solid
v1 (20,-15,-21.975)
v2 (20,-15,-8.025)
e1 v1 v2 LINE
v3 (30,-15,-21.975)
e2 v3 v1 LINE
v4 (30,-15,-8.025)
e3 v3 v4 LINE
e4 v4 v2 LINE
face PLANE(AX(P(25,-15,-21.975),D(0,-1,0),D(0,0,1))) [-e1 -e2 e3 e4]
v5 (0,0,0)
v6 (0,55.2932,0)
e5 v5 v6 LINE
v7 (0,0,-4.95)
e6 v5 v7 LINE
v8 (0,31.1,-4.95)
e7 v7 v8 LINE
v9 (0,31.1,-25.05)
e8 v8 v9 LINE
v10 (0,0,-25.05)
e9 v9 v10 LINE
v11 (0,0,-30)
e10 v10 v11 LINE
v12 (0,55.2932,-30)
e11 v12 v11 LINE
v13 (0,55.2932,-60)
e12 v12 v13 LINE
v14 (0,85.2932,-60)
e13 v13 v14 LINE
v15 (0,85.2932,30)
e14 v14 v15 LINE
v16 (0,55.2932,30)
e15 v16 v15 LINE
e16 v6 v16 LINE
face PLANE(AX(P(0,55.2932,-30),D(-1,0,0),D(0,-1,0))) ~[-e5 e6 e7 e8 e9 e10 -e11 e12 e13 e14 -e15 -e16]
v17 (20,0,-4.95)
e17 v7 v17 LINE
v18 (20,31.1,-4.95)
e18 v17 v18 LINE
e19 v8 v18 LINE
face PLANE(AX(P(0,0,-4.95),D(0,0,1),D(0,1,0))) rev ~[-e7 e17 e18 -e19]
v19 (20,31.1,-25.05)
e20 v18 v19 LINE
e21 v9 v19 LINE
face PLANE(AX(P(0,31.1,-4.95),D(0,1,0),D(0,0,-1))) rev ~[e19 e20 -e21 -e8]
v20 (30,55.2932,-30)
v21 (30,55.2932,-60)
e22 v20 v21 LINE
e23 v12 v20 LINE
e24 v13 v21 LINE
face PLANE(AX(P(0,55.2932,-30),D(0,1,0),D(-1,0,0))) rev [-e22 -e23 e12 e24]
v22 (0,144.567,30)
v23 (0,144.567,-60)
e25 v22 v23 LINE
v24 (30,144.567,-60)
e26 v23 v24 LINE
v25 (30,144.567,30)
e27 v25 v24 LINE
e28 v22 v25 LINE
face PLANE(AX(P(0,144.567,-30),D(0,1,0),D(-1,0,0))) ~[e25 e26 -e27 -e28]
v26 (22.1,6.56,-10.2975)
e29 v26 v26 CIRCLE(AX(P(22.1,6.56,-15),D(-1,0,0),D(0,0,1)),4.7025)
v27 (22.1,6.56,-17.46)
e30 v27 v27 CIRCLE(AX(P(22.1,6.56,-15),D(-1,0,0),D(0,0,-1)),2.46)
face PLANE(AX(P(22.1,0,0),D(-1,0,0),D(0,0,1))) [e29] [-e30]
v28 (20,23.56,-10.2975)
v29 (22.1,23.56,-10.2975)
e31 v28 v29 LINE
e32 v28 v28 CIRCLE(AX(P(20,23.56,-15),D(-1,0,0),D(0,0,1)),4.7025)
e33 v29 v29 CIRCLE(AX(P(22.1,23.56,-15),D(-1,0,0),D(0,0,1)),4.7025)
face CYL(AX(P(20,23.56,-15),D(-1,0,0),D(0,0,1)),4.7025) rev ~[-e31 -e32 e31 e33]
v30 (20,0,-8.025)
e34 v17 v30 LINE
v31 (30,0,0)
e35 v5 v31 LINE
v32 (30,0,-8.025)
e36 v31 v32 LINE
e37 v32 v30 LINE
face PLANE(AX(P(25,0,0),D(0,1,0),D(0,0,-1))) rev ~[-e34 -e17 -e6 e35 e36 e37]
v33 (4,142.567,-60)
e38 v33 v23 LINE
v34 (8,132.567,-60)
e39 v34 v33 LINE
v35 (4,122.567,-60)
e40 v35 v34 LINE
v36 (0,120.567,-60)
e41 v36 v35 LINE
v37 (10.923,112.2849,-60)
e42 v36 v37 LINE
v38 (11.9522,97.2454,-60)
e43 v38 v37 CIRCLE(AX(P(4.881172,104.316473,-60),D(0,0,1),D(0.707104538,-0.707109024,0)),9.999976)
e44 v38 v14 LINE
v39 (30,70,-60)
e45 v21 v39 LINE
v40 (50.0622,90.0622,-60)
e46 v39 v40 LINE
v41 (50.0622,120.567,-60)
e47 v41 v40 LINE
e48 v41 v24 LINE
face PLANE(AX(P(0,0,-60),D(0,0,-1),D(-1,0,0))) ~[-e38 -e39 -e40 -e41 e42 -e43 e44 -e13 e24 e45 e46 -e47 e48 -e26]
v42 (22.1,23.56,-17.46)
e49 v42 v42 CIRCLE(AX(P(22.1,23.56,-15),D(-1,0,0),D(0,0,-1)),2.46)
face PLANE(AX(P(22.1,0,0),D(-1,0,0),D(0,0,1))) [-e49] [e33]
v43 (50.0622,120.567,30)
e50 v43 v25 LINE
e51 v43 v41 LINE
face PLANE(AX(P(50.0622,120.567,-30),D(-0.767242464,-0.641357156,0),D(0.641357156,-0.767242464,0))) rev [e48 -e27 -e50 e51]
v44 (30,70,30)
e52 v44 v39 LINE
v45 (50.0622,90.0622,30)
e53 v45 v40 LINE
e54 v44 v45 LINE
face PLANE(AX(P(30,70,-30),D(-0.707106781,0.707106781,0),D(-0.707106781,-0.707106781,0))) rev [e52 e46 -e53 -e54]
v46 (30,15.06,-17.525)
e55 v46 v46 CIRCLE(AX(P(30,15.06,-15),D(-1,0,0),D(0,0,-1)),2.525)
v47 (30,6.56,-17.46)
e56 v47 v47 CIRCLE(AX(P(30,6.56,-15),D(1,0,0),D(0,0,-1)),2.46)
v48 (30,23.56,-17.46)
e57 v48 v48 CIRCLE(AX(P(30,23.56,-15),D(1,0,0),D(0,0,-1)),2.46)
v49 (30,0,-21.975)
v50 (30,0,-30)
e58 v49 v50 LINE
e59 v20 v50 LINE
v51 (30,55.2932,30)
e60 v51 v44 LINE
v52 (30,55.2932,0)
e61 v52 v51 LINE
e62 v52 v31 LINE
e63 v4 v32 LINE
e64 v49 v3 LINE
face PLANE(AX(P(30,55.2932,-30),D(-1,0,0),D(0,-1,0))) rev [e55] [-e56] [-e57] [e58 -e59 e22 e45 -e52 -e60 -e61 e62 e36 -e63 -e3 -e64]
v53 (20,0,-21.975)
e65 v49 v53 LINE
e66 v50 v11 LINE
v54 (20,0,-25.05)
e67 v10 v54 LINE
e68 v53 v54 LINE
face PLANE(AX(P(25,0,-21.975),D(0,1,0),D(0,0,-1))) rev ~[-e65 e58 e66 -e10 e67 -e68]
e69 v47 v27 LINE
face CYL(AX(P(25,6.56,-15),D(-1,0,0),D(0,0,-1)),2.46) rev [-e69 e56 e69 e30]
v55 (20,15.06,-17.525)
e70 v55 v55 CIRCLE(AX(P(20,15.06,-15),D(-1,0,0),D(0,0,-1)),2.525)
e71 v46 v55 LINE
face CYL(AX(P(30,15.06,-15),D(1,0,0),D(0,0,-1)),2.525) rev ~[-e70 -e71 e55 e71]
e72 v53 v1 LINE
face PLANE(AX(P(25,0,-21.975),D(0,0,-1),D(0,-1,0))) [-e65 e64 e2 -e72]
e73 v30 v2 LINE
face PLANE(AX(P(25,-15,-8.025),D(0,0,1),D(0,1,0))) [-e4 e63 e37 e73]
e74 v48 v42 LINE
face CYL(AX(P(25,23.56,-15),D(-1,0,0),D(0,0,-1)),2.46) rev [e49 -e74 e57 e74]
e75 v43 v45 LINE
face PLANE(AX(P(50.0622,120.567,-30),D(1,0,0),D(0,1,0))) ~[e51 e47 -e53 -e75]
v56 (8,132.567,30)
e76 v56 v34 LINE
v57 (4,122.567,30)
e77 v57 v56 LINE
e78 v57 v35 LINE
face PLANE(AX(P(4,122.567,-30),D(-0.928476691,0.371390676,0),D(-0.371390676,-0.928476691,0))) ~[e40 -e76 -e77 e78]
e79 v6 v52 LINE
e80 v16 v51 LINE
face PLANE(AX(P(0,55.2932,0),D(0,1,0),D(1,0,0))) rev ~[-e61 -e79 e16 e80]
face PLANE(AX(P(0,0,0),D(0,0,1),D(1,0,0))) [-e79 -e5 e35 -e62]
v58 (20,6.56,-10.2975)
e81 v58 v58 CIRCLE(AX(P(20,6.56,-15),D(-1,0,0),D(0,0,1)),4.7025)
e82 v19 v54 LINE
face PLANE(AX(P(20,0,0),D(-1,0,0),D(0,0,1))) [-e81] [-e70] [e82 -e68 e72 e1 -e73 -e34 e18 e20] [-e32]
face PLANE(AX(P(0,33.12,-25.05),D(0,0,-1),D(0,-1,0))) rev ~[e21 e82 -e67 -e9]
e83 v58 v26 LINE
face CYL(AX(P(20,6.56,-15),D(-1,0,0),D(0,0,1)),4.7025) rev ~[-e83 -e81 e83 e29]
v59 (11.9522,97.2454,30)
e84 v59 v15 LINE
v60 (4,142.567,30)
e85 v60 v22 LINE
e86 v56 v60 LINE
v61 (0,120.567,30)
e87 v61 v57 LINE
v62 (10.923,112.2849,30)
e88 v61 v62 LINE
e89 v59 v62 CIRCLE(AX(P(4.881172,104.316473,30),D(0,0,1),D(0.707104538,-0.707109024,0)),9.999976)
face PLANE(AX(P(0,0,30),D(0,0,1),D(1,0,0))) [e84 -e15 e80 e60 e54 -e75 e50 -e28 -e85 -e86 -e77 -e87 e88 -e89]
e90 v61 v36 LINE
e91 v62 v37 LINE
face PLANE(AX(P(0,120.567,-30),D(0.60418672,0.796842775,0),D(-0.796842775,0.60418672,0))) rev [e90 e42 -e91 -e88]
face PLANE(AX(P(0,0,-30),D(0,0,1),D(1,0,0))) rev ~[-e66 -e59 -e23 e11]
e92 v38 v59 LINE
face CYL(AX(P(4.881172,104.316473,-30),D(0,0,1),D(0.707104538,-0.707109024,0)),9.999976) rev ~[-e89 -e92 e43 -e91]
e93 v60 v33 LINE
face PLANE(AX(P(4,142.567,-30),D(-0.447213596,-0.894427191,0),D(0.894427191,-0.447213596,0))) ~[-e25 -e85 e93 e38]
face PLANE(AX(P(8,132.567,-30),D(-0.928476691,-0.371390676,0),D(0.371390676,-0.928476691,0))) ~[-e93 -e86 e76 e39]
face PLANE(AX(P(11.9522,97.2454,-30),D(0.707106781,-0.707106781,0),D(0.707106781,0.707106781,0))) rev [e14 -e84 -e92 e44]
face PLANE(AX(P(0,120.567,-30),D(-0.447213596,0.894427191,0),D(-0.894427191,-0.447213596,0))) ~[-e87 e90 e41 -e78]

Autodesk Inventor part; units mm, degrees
ref_plane "YZ Plane" through (0, 0, 0) normal (1, 0, 0) x (0, 1, 0)
ref_plane "XZ Plane" through (0, 0, 0) normal (0, 1, 0) x (-1, 0, 0)
sketch "Sketch1" plane through (0, 0, 0) normal (0, 0, 1) x (1, 0, 0)
  line L0 (0, 0) -> (25, 0)
  line L1 (25, 0) -> (25, 40)
  line L2 (25, 40) -> (0, 40)
  line L3 (0, 40) -> (0, 0)
  dimension "d1" = 25
  dimension "d2" = 40
  dimension "d3" = 25
extrude "Extrusion1" add sketch "Sketch1" against normal blind 30
sketch "Sketch2" plane through (25, 0, 0) normal (1, 0, 0) x (0, 0, -1)
  line L0 (0, 0) -> (30, 0) projected
  circle A0 centre (15, 6.56) radius 2.46
extrude "Extrusion2" cut sketch "Sketch2" against normal blind 30
sketch "Sketch3" plane through (0, 0, 0) normal (-1, 0, 0) x (0, 0, 1)
  line L0 (0, 0) -> (-30, 0) projected
  line L1 (-25.05, 0) -> (-4.95, 0)
  line L2 (-4.95, 0) -> (-4.95, 33.12)
  line L3 (-4.95, 33.12) -> (-25.05, 33.12)
  line L4 (-25.05, 33.12) -> (-25.05, 0)
  dimension "d11" = 20.1
extrude "Extrusion3" cut sketch "Sketch3" against normal blind 20
sketch "Sketch4" plane through (0, 0, 0) normal (0, -1, 0) x (1, 0, 0)
  line L0 (20, -4.95) -> (20, -25.05) projected
  line L1 (20, -15) -> (25, -15)
  line L2 (25, 0) -> (25, -30) projected
  line L3 (20, -8.025) -> (25, -8.025)
  line L4 (25, -8.025) -> (25, -21.975)
  line L5 (25, -21.975) -> (20, -21.975)
  line L6 (20, -21.975) -> (20, -8.025)
  line L7 (20, -8.025) -> (25, -21.975) construction
  line L8 (25, -8.025) -> (20, -21.975) construction
  line L9 (25, -12.54) -> (25, -17.46) projected
  point P0 (0, 0)
  point P1 (22.5, -15)
  dimension "d14" = 13.95
extrude "Extrusion4" add sketch "Sketch4" along normal blind 15
sketch "Sketch5" plane through (20, 0, 0) normal (-1, 0, 0) x (0, 0, 1)
  circle A0 centre (-15, 6.56) radius 2.46 projected
  circle A1 centre (-15, 6.56) radius 4.7025
  circle A2 centre (-15, 6.56) radius 2.46 projected
  circle A3 centre (-15, 6.56) radius 2.46
  point P0 (0, 0)
  dimension "d17" = 9.405
extrude "Extrusion5" cut sketch "Sketch5" against normal blind 2.1
sketch "Sketch6" plane through (25, 0, 0) normal (1, 0, 0) x (0, 0, -1)
  circle A0 centre (15, 6.56) radius 4.7025 projected
  line L0 (15, 6.56) -> (15, 23.56)
  circle A1 centre (15, 23.56) radius 2.46
  point P0 (0, 0)
  dimension "d20" = 17
  dimension "d21" = 4.92
extrude "Extrusion6" cut sketch "Sketch6" against normal blind 10 contours A1
sketch "Sketch7" plane through (20, 0, 0) normal (-1, 0, 0) x (0, 0, 1)
  circle A0 centre (-15, 23.56) radius 2.46 projected
  circle A1 centre (-15, 23.56) radius 4.7025
  point P0 (0, 0)
  dimension "d24" = 9.405
extrude "Extrusion7" cut sketch "Sketch7" against normal blind 2.1
sketch "Sketch9" plane through (25, 0, 0) normal (1, 0, 0) x (0, 0, -1)
  circle A0 centre (15, 6.56) radius 2.46 projected
  circle A1 centre (15, 6.56) radius 2.46
  circle A2 centre (15, 23.56) radius 2.46 projected
  circle A3 centre (15, 23.56) radius 2.46
  line L0 (30, 40) -> (30, 0) projected
  line L1 (30, 0) -> (30, 40)
  line L2 (30, 40) -> (0, 40)
  line L3 (0, 40) -> (0, 0)
  line L4 (0, 0) -> (8.025, 0) projected
  line L5 (21.975, 0) -> (21.975, -15)
  line L6 (21.975, -15) -> (8.025, -15)
  line L7 (8.025, -15) -> (8.025, 0)
  line L8 (0, 0) -> (8.025, 0)
  line L9 (21.975, 0) -> (30, 0)
extrude "Extrusion8" add sketch "Sketch9" along normal blind 5
sketch "Sketch10" plane through (0, 40, 0) normal (0, 1, 0) x (1, 0, 0)
  line L0 (0, 30) -> (30, 30) projected
  line L1 (30, 0) -> (0, 0) projected
  line L2 (0, 30) -> (30, 30)
  line L3 (30, 30) -> (30, 0)
  line L4 (30, 0) -> (0, 0)
  line L5 (0, 0) -> (0, 30)
extrude "Extrusion9" add sketch "Sketch10" along normal blind 30
sketch "Sketch12" plane through (30, 0, 0) normal (1, 0, 0) x (0, 0, -1)
  circle A0 centre (15, 6.56) radius 2.46 projected
  line L0 (15, 6.56) -> (15, 15.06)
  circle A1 centre (15, 15.06) radius 2.525
  point P0 (0, 0)
  dimension "d31" = 8.5
  dimension "d33" = 5.05
extrude "Extrusion10" cut sketch "Sketch12" against normal blind 30 contours A1
sketch "Sketch15" plane through (0, 0, -25.05) normal (-1, 0, 0) x (0, 0, 1)
  line L0 (0, 33.12) -> (20.1, 33.12) projected
  line L1 (20.1, 33.12) -> (20.1, 0) projected
  line L2 (0, 33.12) -> (20.1, 33.12)
  line L3 (20.1, 33.12) -> (20.1, 31.1)
  line L4 (20.1, 31.1) -> (0, 31.1)
  line L5 (0, 31.1) -> (0, 33.12)
  point P0 (25.05, 0)
  dimension "d57" = 2.02
extrude "Extrusion13" add sketch "Sketch15" against normal blind 20
sketch "Sketch17" plane through (0, 0, 0) normal (0, 0, 1) x (1, 0, 0)
  line L0 (0, 70) -> (30, 70) projected
  line L1 (30, 70) -> (50.0622, 90.0622)
  line L2 (30, 70) -> (80, 70) construction
  line L3 (11.9522, 97.2454) -> (0, 85.2932)
  line L4 (0, 70) -> (0, 85.2932)
  line L5 (0, 70) -> (0, 0) projected
  line L6 (0, 70) -> (30, 70)
  line L7 (10.923, 112.2849) -> (0, 120.567)
  line L8 (50.0622, 105.3553) -> (50.0622, 120.567)
  line L9 (50.0622, 105.3553) -> (50.0622, 90.0622)
  arc A0 (11.9522, 97.2454) -> (10.923, 112.2849) centre (4.8811, 104.3165) ccw
  line L10 (0, 144.567) -> (30, 144.567)
  line L11 (30, 144.567) -> (50.0622, 120.567)
  line L12 (4, 142.567) -> (0, 144.567)
  line L13 (4, 122.567) -> (0, 120.567)
  line L14 (4, 122.567) -> (8, 132.567)
  line L15 (8, 132.567) -> (4, 142.567)
  dimension "d61" = 45
  dimension "d62" = 32.0271
  dimension "d72" = 10
extrude "Extrusion14" add sketch "Sketch17" against normal blind 30
sketch "Sketch22" plane through (0, 0, 0) normal (0, 0, 1) x (1, 0, 0)
  line L0 (11.9522, 97.2454) -> (0, 85.2932) projected
  line L1 (0, 85.2932) -> (11.9522, 97.2454)
  arc A0 (11.9522, 97.2454) -> (10.923, 112.2849) centre (4.8811, 104.3165) ccw projected
  arc A1 (11.9522, 97.2454) -> (10.923, 112.2849) centre (4.8811, 104.3165) ccw
  line L2 (0, 120.567) -> (10.923, 112.2849) projected
  line L3 (10.923, 112.2849) -> (0, 120.567)
  line L4 (0, 120.567) -> (4, 122.567) projected
  line L5 (0, 120.567) -> (4, 122.567)
  line L6 (4, 122.567) -> (8, 132.567) projected
  line L7 (4, 122.567) -> (8, 132.567)
  line L8 (8, 132.567) -> (4, 142.567) projected
  line L9 (8, 132.567) -> (4, 142.567)
  line L10 (4, 142.567) -> (0, 144.567) projected
  line L11 (4, 142.567) -> (0, 144.567)
  line L12 (0, 144.567) -> (30, 144.567) projected
  line L13 (0, 144.567) -> (30, 144.567)
  line L14 (50.0622, 120.567) -> (30, 144.567) projected
  line L15 (30, 144.567) -> (50.0622, 120.567)
  line L16 (50.0622, 120.567) -> (50.0622, 90.0622) projected
  line L17 (50.0622, 120.567) -> (50.0622, 90.0622)
  line L18 (30, 70) -> (50.0622, 90.0622) projected
  line L19 (50.0622, 90.0622) -> (30, 70)
  line L20 (0, 0) -> (0, 85.2932) projected
  line L21 (0, 85.2932) -> (0, 55.2932)
  line L22 (0, 55.2932) -> (30, 55.2932)
  line L23 (30, 0) -> (30, 70) projected
  line L24 (30, 55.2932) -> (30, 70)
  dimension "d83" = 30
extrude "Extrusion15" add sketch "Sketch22" along normal blind 30
ref_plane "Work Plane1" through (0, 0, -15) normal (0, 0, 1) x (1, 0, 0)
mirror "Mirror1" about plane through (0, 0, -15) normal (0, 0, 1) of "Extrusion15"
properties part number "rec_c_20mm_x_90mm"
